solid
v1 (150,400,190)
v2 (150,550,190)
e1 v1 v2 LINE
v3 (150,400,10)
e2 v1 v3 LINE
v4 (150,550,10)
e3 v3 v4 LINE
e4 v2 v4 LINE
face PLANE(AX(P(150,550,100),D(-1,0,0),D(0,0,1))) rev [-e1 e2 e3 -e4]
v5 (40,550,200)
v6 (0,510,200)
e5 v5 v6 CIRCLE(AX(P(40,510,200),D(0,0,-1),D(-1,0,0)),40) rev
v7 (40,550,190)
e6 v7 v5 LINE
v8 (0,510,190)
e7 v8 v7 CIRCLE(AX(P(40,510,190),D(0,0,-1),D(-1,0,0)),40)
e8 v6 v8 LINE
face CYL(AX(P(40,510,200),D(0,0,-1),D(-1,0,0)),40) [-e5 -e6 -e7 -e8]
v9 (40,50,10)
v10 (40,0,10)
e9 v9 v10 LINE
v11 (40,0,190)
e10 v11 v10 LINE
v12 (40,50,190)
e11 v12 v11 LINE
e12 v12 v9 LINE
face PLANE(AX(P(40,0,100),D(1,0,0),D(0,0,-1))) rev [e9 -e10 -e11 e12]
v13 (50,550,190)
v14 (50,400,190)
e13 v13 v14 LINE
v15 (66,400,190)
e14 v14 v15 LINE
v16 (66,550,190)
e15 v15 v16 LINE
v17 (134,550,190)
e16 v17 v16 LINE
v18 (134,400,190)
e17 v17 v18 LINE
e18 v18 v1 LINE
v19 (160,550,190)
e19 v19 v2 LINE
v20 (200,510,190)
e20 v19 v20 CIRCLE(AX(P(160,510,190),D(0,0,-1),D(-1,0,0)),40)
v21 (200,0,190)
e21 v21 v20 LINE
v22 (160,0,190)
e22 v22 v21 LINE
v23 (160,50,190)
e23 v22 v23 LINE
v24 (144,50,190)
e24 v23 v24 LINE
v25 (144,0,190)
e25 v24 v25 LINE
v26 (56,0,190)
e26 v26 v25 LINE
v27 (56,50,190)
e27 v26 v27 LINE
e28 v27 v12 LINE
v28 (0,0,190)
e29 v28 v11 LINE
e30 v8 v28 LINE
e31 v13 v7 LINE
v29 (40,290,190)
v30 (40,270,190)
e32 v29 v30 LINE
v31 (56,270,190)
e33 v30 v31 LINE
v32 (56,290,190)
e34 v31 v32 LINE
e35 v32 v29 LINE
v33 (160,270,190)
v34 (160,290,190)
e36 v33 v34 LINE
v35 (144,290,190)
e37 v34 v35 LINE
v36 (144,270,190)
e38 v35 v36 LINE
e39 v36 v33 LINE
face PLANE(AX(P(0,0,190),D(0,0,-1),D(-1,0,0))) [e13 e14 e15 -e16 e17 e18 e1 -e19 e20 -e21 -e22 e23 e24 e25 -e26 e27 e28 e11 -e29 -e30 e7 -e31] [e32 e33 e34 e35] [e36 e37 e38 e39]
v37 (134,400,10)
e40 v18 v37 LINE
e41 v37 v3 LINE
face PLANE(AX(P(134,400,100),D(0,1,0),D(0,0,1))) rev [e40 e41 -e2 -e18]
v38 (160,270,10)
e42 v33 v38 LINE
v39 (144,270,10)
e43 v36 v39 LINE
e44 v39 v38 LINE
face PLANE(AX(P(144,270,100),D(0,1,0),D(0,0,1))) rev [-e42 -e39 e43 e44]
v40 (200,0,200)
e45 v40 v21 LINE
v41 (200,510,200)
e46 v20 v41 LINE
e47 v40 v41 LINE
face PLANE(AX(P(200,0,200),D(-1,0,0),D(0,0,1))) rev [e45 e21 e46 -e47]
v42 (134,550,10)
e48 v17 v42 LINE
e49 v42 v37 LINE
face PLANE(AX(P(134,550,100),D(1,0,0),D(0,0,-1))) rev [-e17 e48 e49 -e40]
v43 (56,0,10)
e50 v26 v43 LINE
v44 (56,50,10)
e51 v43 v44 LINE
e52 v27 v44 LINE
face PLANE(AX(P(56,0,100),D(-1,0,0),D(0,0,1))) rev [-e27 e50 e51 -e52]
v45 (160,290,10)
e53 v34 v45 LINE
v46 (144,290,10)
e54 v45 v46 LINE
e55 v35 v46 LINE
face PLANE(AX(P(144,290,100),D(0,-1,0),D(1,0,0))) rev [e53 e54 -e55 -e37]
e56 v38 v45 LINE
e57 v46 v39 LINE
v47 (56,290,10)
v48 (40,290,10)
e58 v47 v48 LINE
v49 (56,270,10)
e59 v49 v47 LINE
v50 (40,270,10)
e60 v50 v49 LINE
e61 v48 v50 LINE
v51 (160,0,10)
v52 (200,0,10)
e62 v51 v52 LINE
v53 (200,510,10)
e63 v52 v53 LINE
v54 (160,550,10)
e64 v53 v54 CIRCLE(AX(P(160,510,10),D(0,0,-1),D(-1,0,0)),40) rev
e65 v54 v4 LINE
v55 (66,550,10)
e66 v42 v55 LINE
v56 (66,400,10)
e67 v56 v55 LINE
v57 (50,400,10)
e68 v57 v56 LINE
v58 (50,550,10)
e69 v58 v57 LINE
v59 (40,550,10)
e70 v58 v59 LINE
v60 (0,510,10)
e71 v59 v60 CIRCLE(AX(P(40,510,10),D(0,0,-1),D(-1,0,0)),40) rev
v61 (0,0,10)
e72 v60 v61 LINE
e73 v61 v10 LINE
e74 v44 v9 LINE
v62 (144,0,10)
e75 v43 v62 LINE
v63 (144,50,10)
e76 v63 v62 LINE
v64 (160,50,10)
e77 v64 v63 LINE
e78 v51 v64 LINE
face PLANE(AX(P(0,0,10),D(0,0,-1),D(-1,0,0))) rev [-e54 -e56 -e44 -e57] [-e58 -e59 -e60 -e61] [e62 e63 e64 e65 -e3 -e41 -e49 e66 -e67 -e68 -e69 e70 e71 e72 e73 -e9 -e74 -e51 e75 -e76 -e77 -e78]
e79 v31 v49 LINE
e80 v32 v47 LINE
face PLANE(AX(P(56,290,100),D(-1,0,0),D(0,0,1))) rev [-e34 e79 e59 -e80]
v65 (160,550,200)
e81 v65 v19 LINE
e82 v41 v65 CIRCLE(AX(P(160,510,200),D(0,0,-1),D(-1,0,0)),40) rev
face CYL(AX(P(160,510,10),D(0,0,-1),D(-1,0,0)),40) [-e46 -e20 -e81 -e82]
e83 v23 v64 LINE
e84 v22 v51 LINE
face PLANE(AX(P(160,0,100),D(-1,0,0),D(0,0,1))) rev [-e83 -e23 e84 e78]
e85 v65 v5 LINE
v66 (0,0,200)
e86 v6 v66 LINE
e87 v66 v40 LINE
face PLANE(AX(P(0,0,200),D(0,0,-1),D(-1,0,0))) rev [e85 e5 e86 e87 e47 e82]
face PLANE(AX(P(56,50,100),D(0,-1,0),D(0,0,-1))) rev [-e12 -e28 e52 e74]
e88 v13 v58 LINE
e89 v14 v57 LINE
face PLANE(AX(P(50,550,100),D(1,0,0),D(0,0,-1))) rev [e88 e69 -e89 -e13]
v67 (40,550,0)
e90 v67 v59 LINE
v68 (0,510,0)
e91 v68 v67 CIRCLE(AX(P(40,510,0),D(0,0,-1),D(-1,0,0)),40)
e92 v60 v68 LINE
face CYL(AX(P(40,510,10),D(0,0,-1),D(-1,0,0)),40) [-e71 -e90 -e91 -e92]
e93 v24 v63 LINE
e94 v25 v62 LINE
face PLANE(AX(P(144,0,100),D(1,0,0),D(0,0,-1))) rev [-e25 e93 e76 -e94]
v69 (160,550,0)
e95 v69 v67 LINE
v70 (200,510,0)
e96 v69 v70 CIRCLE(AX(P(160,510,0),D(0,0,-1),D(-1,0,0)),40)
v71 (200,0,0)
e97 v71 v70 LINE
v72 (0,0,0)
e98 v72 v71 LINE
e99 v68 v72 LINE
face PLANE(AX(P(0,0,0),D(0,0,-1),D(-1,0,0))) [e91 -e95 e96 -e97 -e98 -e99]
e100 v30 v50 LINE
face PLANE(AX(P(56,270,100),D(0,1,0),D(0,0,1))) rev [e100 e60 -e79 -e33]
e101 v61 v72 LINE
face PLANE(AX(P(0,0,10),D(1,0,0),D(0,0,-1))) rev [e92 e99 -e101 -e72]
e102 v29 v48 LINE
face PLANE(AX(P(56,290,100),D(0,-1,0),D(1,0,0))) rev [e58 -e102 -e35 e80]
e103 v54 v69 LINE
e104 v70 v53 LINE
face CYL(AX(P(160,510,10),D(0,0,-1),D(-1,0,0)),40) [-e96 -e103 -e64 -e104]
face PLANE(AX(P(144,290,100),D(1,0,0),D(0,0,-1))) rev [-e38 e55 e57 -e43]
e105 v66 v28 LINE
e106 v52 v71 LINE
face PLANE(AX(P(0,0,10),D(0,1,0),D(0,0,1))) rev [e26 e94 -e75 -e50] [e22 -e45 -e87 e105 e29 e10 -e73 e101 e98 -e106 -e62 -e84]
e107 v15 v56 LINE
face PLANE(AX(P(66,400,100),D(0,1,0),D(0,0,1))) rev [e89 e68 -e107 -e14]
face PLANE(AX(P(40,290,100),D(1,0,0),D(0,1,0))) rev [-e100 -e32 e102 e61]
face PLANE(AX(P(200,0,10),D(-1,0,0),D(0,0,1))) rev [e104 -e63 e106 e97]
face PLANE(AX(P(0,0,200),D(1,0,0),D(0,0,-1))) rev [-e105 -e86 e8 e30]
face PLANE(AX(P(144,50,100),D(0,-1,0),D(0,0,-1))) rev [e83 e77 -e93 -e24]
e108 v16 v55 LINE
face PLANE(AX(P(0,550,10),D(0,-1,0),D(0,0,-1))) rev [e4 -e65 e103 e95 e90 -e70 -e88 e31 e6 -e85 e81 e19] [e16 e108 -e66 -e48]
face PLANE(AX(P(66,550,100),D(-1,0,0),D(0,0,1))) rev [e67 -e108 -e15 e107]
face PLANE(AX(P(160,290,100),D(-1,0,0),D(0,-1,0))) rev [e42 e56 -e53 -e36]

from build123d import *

# Parameters (mm, degrees)
SKETCH_1_W      = 200
SKETCH_1_H      = 550
EXTRUDE_2_DEPTH = 10
FILLET_2_R      = 40
SKETCH_2_W      = 16
SKETCH_2_H      = 50
SKETCH_2_H_2    = 20
SKETCH_2_H_3    = 150
EXTRUDE_4_DEPTH = 90
SKETCH_3_W      = 200
SKETCH_3_H      = 550
EXTRUDE_5_DEPTH = 10
FILLET_5_R      = 40


with BuildPart() as part:
    # 스케치1 → 보스-돌출2 (new body)
    with BuildSketch(Plane.XY):
        with Locations((100, 275)):
            Rectangle(SKETCH_1_W, SKETCH_1_H)
    extrude(amount=EXTRUDE_2_DEPTH)

    # 필렛2
    fillet_2_edges = [part.edges().sort_by_distance(p)[0] for p in [
        (0, 550, 5),
        (200, 550, 5),
    ]]
    fillet(fillet_2_edges, radius=FILLET_2_R)

    # 스케치2 → 보스-돌출4 (add)
    with BuildSketch(Plane.XY.offset(10)):
        with Locations((152, 25)):
            Rectangle(SKETCH_2_W, SKETCH_2_H)
        with Locations((152, 280)):
            Rectangle(SKETCH_2_W, SKETCH_2_H_2)
        with Locations((142, 475)):
            Rectangle(SKETCH_2_W, SKETCH_2_H_3)
        with Locations((48, 25)):
            Rectangle(SKETCH_2_W, SKETCH_2_H)
        with Locations((48, 280)):
            Rectangle(SKETCH_2_W, SKETCH_2_H_2)
        with Locations((58, 475)):
            Rectangle(SKETCH_2_W, SKETCH_2_H_3)
    extrude_4 = extrude(amount=EXTRUDE_4_DEPTH)

    # 대칭 복사26: 보스-돌출4 across plane
    add(extrude_4.mirror(Plane(origin=(0, 0, 100), x_dir=(1, 0, 0), z_dir=(0, 0, -1))))

    # 스케치3 → 보스-돌출5 (add)
    with BuildSketch(Plane.XY.offset(190)):
        with Locations((100, 275)):
            Rectangle(SKETCH_3_W, SKETCH_3_H)
    extrude(amount=EXTRUDE_5_DEPTH)

    # 필렛5
    fillet_5_edges = [part.edges().sort_by_distance(p)[0] for p in [
        (0, 550, 195),
        (200, 550, 195),
    ]]
    fillet(fillet_5_edges, radius=FILLET_5_R)


solid = part.part
